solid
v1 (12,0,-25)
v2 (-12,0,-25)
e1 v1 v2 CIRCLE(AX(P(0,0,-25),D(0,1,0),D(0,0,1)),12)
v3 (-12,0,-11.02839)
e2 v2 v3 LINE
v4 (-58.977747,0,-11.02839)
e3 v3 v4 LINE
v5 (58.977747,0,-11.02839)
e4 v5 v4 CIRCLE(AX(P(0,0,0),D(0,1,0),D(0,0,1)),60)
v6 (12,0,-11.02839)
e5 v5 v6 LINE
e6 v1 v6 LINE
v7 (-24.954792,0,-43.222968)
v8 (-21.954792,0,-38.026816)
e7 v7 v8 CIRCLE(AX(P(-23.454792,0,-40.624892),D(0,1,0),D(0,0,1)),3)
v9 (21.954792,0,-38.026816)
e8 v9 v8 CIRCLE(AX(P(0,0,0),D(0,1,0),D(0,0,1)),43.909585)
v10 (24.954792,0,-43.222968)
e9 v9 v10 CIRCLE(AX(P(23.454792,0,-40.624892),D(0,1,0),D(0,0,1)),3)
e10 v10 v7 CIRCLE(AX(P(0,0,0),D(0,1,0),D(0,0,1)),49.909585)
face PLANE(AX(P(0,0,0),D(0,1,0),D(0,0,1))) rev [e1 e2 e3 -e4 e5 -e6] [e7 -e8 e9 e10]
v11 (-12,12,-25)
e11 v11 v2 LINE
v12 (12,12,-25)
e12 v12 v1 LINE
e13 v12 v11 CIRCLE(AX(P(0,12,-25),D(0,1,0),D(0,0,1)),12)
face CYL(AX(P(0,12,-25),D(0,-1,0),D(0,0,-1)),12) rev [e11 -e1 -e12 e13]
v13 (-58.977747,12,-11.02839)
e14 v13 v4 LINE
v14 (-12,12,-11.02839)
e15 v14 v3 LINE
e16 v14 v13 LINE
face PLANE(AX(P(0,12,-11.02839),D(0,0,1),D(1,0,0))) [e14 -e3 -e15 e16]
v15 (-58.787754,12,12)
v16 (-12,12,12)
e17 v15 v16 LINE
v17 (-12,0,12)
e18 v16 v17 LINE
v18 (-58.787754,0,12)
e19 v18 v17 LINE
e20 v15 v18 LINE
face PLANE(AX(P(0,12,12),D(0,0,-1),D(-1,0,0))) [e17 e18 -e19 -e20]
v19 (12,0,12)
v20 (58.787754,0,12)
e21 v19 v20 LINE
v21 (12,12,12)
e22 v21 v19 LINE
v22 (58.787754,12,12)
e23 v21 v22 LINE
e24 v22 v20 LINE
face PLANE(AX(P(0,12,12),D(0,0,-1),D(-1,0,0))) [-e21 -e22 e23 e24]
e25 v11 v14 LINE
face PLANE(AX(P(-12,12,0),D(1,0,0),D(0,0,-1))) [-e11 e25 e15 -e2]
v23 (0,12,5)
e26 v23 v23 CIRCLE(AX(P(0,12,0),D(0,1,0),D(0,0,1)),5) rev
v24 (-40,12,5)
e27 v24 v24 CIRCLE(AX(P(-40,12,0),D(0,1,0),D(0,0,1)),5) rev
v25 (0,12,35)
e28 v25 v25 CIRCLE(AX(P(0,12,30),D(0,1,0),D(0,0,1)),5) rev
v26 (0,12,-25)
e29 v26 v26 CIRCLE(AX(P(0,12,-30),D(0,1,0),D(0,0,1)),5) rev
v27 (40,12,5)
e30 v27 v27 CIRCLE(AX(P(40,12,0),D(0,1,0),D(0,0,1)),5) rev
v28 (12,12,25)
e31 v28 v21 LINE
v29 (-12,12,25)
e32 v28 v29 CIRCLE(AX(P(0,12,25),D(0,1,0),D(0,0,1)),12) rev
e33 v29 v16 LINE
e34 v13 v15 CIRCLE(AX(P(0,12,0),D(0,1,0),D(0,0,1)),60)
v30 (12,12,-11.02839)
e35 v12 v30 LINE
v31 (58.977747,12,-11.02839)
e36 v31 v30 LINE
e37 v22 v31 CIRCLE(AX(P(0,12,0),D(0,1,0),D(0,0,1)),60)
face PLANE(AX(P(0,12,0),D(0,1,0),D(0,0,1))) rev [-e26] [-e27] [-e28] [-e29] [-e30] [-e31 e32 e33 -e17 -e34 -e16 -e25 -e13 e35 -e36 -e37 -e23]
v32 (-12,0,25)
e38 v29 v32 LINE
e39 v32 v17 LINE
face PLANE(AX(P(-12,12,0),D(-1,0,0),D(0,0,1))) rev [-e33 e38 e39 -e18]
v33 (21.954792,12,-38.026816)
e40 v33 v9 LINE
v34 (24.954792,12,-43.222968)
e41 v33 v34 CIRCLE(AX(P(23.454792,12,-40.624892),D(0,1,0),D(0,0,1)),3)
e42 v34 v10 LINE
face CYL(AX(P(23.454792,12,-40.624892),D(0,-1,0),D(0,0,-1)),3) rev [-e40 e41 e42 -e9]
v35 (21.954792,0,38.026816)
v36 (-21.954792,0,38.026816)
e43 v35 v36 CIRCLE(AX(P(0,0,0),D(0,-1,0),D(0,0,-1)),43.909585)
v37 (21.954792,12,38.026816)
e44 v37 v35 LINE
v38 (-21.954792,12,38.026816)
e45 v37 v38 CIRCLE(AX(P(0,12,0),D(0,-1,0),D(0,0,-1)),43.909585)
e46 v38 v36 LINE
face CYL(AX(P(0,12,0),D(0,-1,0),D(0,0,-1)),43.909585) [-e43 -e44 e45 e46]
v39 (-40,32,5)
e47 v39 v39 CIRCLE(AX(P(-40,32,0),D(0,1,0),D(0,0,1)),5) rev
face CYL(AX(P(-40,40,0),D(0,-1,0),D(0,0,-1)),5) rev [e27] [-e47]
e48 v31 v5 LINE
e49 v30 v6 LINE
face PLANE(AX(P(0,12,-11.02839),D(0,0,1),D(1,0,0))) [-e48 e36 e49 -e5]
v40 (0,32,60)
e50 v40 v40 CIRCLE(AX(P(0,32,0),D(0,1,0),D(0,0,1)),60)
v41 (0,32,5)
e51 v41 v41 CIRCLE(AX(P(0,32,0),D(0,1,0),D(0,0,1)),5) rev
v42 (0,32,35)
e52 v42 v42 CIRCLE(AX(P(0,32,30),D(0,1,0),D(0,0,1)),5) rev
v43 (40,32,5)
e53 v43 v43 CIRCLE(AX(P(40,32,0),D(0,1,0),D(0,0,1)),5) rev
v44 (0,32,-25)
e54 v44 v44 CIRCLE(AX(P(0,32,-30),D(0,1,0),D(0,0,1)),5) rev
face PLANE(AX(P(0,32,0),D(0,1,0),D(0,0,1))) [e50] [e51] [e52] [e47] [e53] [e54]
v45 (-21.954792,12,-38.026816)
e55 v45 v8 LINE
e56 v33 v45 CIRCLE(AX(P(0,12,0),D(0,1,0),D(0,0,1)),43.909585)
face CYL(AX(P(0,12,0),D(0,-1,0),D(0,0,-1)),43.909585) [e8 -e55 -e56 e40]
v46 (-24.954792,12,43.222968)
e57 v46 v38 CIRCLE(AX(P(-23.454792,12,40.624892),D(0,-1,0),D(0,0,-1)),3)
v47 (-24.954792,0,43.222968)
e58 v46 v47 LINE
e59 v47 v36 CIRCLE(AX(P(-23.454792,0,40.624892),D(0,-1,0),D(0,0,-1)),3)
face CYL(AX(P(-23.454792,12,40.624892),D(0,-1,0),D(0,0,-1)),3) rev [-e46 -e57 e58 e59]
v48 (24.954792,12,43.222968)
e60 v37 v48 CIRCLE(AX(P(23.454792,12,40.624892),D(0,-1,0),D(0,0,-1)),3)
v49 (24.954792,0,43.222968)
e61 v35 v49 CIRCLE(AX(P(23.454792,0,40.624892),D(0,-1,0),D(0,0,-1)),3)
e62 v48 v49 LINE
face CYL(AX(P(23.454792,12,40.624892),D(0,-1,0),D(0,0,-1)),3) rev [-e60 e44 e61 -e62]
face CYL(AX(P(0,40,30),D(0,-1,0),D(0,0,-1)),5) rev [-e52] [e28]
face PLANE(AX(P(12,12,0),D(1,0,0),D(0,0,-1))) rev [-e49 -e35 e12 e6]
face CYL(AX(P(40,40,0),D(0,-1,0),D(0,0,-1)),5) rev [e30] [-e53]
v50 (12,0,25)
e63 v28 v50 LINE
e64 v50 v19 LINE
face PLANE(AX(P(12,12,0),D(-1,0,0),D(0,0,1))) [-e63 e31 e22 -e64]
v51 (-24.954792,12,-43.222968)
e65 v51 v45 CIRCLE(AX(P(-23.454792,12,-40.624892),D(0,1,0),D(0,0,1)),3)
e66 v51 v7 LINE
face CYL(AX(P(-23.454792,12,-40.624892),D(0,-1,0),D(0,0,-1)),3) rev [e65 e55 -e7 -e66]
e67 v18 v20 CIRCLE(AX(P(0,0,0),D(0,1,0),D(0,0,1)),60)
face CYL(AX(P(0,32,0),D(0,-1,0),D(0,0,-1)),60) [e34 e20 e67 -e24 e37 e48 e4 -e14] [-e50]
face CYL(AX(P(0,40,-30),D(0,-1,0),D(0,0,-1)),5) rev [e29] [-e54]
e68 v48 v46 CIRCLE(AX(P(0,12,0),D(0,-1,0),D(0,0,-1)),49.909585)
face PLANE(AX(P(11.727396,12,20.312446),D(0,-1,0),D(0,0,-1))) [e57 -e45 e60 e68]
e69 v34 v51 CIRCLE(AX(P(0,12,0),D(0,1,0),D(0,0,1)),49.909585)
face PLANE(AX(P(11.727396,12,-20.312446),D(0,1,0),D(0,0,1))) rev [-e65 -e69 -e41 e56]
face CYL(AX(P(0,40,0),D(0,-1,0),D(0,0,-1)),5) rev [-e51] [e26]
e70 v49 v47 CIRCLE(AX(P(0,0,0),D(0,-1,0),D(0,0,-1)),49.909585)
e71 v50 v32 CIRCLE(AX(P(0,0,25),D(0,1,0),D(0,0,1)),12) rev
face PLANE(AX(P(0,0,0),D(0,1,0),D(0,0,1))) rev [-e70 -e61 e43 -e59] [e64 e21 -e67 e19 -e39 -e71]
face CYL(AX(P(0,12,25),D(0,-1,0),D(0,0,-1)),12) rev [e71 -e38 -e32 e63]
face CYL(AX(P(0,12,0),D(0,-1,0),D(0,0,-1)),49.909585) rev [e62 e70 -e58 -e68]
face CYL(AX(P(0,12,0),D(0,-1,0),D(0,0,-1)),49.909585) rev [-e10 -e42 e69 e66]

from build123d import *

# Parameters (mm, degrees)
SKETCH4_R           = 60
BOSS_EXTRUDE2_DEPTH = 32
CUT_EXTRUDE1_DEPTH  = 12
CUT_EXTRUDE2_DEPTH  = 12
SKETCH4_18_R        = 5
CUT_EXTRUDE6_DEPTH  = 12
SKETCH4_19_R        = 5
CUT_EXTRUDE7_DEPTH  = 40
SKETCH4_20_R        = 5
CUT_EXTRUDE8_DEPTH  = 40
SKETCH4_21_R        = 5
CUT_EXTRUDE9_DEPTH  = 40
SKETCH4_22_R        = 5
CUT_EXTRUDE10_DEPTH = 40
SKETCH4_23_R        = 5
CUT_EXTRUDE11_DEPTH = 40


with BuildPart() as part:
    # Sketch4 → Boss-Extrude2 (new body)
    with BuildSketch(Plane(origin=(0, 0, 0), x_dir=(1, 0, 0), z_dir=(0, 1, 0))):
        Circle(SKETCH4_R)
    extrude(amount=BOSS_EXTRUDE2_DEPTH)

    # Sketch4<4> → Cut-Extrude1 (cut)
    with BuildSketch(Plane(origin=(0, 0, 0), x_dir=(1, 0, 0), z_dir=(0, 1, 0))):
        with BuildLine():
            ThreePointArc((24.954792471, 43.222968452), (0, 49.909584942), (-24.954792471, 43.222968452))
            ThreePointArc((-24.954792471, 43.222968452), (-26.052868682, 39.124892241), (-21.954792471, 38.026816029))
            ThreePointArc((-21.954792471, 38.026816029), (0, 43.909584942), (21.954792471, 38.026816029))
            ThreePointArc((21.954792471, 38.026816029), (26.052868682, 39.124892241), (24.954792471, 43.222968452))
        make_face()
    extrude(amount=CUT_EXTRUDE1_DEPTH, mode=Mode.SUBTRACT)

    # Sketch4<5> → Cut-Extrude2 (cut)
    with BuildSketch(Plane(origin=(0, 0, 0), x_dir=(1, 0, 0), z_dir=(0, 1, 0))):
        with BuildLine():
            ThreePointArc((24.954792471, -43.222968452), (0, -49.909584942), (-24.954792471, -43.222968452))
            ThreePointArc((-24.954792471, -43.222968452), (-26.052868682, -39.124892241), (-21.954792471, -38.026816029))
            ThreePointArc((-21.954792471, -38.026816029), (0, -43.909584942), (21.954792471, -38.026816029))
            ThreePointArc((21.954792471, -38.026816029), (26.052868682, -39.124892241), (24.954792471, -43.222968452))
        make_face()
    extrude(amount=CUT_EXTRUDE2_DEPTH, mode=Mode.SUBTRACT)

    # Sketch4<18> → Cut-Extrude6 (cut)
    with BuildSketch(Plane(origin=(0, 0, 0), x_dir=(1, 0, 0), z_dir=(0, 1, 0))):
        with BuildLine():
            ThreePointArc((60, 0), (59.74389008, 5.537833341), (58.97774673, 11.028390213))
            Line((58.97774673, 11.028390213), (12, 11.028390213))
            Line((12, 11.028390213), (12, 25))
            ThreePointArc((12, 25), (0, 37), (-12, 25))
            Line((-12, 25), (-12, 11.028390213))
            Line((-12, 11.028390213), (-58.97774673, 11.028390213))
            ThreePointArc((-58.97774673, 11.028390213), (-59.997958043, -0.495005778), (-58.787753827, -12))
            Line((-58.787753827, -12), (-12, -12))
            Line((-12, -12), (-12, -25))
            ThreePointArc((-12, -25), (0, -37), (12, -25))
            Line((12, -25), (12, -12))
            Line((12, -12), (58.787753827, -12))
            ThreePointArc((58.787753827, -12), (58.795548236, -11.961751865), (58.80331776, -11.923498667))
            ThreePointArc((58.80331776, -11.923498667), (59.700079839, -5.99169986), (60, 0))
        make_face()
        with Locations((0, -30)):
            Circle(SKETCH4_18_R, mode=Mode.SUBTRACT)
        with Locations((-40, 0)):
            Circle(SKETCH4_18_R, mode=Mode.SUBTRACT)
        with BuildLine():
            ThreePointArc((0, 5), (3.535533906, 3.535533906), (5, 0))
            ThreePointArc((5, 0), (-3.535533906, -3.535533906), (0, 5))
        make_face(mode=Mode.SUBTRACT)
        with Locations((40, 0)):
            Circle(SKETCH4_18_R, mode=Mode.SUBTRACT)
        with Locations((0, 30)):
            Circle(SKETCH4_18_R, mode=Mode.SUBTRACT)
    extrude(amount=CUT_EXTRUDE6_DEPTH, mode=Mode.SUBTRACT)

    # Sketch4<19> → Cut-Extrude7 (cut)
    with BuildSketch(Plane(origin=(0, 0, 0), x_dir=(1, 0, 0), z_dir=(0, 1, 0))):
        with Locations((0, -30)):
            Circle(SKETCH4_19_R)
    extrude(amount=CUT_EXTRUDE7_DEPTH, mode=Mode.SUBTRACT)

    # Sketch4<20> → Cut-Extrude8 (cut)
    with BuildSketch(Plane(origin=(0, 0, 0), x_dir=(1, 0, 0), z_dir=(0, 1, 0))):
        with Locations((-40, 0)):
            Circle(SKETCH4_20_R)
    extrude(amount=CUT_EXTRUDE8_DEPTH, mode=Mode.SUBTRACT)

    # Sketch4<21> → Cut-Extrude9 (cut)
    with BuildSketch(Plane(origin=(0, 0, 0), x_dir=(1, 0, 0), z_dir=(0, 1, 0))):
        Circle(SKETCH4_21_R)
    extrude(amount=CUT_EXTRUDE9_DEPTH, mode=Mode.SUBTRACT)

    # Sketch4<22> → Cut-Extrude10 (cut)
    with BuildSketch(Plane(origin=(0, 0, 0), x_dir=(1, 0, 0), z_dir=(0, 1, 0))):
        with Locations((40, 0)):
            Circle(SKETCH4_22_R)
    extrude(amount=CUT_EXTRUDE10_DEPTH, mode=Mode.SUBTRACT)

    # Sketch4<23> → Cut-Extrude11 (cut)
    with BuildSketch(Plane(origin=(0, 0, 0), x_dir=(1, 0, 0), z_dir=(0, 1, 0))):
        with Locations((0, 30)):
            Circle(SKETCH4_23_R)
    extrude(amount=CUT_EXTRUDE11_DEPTH, mode=Mode.SUBTRACT)


solid = part.part
